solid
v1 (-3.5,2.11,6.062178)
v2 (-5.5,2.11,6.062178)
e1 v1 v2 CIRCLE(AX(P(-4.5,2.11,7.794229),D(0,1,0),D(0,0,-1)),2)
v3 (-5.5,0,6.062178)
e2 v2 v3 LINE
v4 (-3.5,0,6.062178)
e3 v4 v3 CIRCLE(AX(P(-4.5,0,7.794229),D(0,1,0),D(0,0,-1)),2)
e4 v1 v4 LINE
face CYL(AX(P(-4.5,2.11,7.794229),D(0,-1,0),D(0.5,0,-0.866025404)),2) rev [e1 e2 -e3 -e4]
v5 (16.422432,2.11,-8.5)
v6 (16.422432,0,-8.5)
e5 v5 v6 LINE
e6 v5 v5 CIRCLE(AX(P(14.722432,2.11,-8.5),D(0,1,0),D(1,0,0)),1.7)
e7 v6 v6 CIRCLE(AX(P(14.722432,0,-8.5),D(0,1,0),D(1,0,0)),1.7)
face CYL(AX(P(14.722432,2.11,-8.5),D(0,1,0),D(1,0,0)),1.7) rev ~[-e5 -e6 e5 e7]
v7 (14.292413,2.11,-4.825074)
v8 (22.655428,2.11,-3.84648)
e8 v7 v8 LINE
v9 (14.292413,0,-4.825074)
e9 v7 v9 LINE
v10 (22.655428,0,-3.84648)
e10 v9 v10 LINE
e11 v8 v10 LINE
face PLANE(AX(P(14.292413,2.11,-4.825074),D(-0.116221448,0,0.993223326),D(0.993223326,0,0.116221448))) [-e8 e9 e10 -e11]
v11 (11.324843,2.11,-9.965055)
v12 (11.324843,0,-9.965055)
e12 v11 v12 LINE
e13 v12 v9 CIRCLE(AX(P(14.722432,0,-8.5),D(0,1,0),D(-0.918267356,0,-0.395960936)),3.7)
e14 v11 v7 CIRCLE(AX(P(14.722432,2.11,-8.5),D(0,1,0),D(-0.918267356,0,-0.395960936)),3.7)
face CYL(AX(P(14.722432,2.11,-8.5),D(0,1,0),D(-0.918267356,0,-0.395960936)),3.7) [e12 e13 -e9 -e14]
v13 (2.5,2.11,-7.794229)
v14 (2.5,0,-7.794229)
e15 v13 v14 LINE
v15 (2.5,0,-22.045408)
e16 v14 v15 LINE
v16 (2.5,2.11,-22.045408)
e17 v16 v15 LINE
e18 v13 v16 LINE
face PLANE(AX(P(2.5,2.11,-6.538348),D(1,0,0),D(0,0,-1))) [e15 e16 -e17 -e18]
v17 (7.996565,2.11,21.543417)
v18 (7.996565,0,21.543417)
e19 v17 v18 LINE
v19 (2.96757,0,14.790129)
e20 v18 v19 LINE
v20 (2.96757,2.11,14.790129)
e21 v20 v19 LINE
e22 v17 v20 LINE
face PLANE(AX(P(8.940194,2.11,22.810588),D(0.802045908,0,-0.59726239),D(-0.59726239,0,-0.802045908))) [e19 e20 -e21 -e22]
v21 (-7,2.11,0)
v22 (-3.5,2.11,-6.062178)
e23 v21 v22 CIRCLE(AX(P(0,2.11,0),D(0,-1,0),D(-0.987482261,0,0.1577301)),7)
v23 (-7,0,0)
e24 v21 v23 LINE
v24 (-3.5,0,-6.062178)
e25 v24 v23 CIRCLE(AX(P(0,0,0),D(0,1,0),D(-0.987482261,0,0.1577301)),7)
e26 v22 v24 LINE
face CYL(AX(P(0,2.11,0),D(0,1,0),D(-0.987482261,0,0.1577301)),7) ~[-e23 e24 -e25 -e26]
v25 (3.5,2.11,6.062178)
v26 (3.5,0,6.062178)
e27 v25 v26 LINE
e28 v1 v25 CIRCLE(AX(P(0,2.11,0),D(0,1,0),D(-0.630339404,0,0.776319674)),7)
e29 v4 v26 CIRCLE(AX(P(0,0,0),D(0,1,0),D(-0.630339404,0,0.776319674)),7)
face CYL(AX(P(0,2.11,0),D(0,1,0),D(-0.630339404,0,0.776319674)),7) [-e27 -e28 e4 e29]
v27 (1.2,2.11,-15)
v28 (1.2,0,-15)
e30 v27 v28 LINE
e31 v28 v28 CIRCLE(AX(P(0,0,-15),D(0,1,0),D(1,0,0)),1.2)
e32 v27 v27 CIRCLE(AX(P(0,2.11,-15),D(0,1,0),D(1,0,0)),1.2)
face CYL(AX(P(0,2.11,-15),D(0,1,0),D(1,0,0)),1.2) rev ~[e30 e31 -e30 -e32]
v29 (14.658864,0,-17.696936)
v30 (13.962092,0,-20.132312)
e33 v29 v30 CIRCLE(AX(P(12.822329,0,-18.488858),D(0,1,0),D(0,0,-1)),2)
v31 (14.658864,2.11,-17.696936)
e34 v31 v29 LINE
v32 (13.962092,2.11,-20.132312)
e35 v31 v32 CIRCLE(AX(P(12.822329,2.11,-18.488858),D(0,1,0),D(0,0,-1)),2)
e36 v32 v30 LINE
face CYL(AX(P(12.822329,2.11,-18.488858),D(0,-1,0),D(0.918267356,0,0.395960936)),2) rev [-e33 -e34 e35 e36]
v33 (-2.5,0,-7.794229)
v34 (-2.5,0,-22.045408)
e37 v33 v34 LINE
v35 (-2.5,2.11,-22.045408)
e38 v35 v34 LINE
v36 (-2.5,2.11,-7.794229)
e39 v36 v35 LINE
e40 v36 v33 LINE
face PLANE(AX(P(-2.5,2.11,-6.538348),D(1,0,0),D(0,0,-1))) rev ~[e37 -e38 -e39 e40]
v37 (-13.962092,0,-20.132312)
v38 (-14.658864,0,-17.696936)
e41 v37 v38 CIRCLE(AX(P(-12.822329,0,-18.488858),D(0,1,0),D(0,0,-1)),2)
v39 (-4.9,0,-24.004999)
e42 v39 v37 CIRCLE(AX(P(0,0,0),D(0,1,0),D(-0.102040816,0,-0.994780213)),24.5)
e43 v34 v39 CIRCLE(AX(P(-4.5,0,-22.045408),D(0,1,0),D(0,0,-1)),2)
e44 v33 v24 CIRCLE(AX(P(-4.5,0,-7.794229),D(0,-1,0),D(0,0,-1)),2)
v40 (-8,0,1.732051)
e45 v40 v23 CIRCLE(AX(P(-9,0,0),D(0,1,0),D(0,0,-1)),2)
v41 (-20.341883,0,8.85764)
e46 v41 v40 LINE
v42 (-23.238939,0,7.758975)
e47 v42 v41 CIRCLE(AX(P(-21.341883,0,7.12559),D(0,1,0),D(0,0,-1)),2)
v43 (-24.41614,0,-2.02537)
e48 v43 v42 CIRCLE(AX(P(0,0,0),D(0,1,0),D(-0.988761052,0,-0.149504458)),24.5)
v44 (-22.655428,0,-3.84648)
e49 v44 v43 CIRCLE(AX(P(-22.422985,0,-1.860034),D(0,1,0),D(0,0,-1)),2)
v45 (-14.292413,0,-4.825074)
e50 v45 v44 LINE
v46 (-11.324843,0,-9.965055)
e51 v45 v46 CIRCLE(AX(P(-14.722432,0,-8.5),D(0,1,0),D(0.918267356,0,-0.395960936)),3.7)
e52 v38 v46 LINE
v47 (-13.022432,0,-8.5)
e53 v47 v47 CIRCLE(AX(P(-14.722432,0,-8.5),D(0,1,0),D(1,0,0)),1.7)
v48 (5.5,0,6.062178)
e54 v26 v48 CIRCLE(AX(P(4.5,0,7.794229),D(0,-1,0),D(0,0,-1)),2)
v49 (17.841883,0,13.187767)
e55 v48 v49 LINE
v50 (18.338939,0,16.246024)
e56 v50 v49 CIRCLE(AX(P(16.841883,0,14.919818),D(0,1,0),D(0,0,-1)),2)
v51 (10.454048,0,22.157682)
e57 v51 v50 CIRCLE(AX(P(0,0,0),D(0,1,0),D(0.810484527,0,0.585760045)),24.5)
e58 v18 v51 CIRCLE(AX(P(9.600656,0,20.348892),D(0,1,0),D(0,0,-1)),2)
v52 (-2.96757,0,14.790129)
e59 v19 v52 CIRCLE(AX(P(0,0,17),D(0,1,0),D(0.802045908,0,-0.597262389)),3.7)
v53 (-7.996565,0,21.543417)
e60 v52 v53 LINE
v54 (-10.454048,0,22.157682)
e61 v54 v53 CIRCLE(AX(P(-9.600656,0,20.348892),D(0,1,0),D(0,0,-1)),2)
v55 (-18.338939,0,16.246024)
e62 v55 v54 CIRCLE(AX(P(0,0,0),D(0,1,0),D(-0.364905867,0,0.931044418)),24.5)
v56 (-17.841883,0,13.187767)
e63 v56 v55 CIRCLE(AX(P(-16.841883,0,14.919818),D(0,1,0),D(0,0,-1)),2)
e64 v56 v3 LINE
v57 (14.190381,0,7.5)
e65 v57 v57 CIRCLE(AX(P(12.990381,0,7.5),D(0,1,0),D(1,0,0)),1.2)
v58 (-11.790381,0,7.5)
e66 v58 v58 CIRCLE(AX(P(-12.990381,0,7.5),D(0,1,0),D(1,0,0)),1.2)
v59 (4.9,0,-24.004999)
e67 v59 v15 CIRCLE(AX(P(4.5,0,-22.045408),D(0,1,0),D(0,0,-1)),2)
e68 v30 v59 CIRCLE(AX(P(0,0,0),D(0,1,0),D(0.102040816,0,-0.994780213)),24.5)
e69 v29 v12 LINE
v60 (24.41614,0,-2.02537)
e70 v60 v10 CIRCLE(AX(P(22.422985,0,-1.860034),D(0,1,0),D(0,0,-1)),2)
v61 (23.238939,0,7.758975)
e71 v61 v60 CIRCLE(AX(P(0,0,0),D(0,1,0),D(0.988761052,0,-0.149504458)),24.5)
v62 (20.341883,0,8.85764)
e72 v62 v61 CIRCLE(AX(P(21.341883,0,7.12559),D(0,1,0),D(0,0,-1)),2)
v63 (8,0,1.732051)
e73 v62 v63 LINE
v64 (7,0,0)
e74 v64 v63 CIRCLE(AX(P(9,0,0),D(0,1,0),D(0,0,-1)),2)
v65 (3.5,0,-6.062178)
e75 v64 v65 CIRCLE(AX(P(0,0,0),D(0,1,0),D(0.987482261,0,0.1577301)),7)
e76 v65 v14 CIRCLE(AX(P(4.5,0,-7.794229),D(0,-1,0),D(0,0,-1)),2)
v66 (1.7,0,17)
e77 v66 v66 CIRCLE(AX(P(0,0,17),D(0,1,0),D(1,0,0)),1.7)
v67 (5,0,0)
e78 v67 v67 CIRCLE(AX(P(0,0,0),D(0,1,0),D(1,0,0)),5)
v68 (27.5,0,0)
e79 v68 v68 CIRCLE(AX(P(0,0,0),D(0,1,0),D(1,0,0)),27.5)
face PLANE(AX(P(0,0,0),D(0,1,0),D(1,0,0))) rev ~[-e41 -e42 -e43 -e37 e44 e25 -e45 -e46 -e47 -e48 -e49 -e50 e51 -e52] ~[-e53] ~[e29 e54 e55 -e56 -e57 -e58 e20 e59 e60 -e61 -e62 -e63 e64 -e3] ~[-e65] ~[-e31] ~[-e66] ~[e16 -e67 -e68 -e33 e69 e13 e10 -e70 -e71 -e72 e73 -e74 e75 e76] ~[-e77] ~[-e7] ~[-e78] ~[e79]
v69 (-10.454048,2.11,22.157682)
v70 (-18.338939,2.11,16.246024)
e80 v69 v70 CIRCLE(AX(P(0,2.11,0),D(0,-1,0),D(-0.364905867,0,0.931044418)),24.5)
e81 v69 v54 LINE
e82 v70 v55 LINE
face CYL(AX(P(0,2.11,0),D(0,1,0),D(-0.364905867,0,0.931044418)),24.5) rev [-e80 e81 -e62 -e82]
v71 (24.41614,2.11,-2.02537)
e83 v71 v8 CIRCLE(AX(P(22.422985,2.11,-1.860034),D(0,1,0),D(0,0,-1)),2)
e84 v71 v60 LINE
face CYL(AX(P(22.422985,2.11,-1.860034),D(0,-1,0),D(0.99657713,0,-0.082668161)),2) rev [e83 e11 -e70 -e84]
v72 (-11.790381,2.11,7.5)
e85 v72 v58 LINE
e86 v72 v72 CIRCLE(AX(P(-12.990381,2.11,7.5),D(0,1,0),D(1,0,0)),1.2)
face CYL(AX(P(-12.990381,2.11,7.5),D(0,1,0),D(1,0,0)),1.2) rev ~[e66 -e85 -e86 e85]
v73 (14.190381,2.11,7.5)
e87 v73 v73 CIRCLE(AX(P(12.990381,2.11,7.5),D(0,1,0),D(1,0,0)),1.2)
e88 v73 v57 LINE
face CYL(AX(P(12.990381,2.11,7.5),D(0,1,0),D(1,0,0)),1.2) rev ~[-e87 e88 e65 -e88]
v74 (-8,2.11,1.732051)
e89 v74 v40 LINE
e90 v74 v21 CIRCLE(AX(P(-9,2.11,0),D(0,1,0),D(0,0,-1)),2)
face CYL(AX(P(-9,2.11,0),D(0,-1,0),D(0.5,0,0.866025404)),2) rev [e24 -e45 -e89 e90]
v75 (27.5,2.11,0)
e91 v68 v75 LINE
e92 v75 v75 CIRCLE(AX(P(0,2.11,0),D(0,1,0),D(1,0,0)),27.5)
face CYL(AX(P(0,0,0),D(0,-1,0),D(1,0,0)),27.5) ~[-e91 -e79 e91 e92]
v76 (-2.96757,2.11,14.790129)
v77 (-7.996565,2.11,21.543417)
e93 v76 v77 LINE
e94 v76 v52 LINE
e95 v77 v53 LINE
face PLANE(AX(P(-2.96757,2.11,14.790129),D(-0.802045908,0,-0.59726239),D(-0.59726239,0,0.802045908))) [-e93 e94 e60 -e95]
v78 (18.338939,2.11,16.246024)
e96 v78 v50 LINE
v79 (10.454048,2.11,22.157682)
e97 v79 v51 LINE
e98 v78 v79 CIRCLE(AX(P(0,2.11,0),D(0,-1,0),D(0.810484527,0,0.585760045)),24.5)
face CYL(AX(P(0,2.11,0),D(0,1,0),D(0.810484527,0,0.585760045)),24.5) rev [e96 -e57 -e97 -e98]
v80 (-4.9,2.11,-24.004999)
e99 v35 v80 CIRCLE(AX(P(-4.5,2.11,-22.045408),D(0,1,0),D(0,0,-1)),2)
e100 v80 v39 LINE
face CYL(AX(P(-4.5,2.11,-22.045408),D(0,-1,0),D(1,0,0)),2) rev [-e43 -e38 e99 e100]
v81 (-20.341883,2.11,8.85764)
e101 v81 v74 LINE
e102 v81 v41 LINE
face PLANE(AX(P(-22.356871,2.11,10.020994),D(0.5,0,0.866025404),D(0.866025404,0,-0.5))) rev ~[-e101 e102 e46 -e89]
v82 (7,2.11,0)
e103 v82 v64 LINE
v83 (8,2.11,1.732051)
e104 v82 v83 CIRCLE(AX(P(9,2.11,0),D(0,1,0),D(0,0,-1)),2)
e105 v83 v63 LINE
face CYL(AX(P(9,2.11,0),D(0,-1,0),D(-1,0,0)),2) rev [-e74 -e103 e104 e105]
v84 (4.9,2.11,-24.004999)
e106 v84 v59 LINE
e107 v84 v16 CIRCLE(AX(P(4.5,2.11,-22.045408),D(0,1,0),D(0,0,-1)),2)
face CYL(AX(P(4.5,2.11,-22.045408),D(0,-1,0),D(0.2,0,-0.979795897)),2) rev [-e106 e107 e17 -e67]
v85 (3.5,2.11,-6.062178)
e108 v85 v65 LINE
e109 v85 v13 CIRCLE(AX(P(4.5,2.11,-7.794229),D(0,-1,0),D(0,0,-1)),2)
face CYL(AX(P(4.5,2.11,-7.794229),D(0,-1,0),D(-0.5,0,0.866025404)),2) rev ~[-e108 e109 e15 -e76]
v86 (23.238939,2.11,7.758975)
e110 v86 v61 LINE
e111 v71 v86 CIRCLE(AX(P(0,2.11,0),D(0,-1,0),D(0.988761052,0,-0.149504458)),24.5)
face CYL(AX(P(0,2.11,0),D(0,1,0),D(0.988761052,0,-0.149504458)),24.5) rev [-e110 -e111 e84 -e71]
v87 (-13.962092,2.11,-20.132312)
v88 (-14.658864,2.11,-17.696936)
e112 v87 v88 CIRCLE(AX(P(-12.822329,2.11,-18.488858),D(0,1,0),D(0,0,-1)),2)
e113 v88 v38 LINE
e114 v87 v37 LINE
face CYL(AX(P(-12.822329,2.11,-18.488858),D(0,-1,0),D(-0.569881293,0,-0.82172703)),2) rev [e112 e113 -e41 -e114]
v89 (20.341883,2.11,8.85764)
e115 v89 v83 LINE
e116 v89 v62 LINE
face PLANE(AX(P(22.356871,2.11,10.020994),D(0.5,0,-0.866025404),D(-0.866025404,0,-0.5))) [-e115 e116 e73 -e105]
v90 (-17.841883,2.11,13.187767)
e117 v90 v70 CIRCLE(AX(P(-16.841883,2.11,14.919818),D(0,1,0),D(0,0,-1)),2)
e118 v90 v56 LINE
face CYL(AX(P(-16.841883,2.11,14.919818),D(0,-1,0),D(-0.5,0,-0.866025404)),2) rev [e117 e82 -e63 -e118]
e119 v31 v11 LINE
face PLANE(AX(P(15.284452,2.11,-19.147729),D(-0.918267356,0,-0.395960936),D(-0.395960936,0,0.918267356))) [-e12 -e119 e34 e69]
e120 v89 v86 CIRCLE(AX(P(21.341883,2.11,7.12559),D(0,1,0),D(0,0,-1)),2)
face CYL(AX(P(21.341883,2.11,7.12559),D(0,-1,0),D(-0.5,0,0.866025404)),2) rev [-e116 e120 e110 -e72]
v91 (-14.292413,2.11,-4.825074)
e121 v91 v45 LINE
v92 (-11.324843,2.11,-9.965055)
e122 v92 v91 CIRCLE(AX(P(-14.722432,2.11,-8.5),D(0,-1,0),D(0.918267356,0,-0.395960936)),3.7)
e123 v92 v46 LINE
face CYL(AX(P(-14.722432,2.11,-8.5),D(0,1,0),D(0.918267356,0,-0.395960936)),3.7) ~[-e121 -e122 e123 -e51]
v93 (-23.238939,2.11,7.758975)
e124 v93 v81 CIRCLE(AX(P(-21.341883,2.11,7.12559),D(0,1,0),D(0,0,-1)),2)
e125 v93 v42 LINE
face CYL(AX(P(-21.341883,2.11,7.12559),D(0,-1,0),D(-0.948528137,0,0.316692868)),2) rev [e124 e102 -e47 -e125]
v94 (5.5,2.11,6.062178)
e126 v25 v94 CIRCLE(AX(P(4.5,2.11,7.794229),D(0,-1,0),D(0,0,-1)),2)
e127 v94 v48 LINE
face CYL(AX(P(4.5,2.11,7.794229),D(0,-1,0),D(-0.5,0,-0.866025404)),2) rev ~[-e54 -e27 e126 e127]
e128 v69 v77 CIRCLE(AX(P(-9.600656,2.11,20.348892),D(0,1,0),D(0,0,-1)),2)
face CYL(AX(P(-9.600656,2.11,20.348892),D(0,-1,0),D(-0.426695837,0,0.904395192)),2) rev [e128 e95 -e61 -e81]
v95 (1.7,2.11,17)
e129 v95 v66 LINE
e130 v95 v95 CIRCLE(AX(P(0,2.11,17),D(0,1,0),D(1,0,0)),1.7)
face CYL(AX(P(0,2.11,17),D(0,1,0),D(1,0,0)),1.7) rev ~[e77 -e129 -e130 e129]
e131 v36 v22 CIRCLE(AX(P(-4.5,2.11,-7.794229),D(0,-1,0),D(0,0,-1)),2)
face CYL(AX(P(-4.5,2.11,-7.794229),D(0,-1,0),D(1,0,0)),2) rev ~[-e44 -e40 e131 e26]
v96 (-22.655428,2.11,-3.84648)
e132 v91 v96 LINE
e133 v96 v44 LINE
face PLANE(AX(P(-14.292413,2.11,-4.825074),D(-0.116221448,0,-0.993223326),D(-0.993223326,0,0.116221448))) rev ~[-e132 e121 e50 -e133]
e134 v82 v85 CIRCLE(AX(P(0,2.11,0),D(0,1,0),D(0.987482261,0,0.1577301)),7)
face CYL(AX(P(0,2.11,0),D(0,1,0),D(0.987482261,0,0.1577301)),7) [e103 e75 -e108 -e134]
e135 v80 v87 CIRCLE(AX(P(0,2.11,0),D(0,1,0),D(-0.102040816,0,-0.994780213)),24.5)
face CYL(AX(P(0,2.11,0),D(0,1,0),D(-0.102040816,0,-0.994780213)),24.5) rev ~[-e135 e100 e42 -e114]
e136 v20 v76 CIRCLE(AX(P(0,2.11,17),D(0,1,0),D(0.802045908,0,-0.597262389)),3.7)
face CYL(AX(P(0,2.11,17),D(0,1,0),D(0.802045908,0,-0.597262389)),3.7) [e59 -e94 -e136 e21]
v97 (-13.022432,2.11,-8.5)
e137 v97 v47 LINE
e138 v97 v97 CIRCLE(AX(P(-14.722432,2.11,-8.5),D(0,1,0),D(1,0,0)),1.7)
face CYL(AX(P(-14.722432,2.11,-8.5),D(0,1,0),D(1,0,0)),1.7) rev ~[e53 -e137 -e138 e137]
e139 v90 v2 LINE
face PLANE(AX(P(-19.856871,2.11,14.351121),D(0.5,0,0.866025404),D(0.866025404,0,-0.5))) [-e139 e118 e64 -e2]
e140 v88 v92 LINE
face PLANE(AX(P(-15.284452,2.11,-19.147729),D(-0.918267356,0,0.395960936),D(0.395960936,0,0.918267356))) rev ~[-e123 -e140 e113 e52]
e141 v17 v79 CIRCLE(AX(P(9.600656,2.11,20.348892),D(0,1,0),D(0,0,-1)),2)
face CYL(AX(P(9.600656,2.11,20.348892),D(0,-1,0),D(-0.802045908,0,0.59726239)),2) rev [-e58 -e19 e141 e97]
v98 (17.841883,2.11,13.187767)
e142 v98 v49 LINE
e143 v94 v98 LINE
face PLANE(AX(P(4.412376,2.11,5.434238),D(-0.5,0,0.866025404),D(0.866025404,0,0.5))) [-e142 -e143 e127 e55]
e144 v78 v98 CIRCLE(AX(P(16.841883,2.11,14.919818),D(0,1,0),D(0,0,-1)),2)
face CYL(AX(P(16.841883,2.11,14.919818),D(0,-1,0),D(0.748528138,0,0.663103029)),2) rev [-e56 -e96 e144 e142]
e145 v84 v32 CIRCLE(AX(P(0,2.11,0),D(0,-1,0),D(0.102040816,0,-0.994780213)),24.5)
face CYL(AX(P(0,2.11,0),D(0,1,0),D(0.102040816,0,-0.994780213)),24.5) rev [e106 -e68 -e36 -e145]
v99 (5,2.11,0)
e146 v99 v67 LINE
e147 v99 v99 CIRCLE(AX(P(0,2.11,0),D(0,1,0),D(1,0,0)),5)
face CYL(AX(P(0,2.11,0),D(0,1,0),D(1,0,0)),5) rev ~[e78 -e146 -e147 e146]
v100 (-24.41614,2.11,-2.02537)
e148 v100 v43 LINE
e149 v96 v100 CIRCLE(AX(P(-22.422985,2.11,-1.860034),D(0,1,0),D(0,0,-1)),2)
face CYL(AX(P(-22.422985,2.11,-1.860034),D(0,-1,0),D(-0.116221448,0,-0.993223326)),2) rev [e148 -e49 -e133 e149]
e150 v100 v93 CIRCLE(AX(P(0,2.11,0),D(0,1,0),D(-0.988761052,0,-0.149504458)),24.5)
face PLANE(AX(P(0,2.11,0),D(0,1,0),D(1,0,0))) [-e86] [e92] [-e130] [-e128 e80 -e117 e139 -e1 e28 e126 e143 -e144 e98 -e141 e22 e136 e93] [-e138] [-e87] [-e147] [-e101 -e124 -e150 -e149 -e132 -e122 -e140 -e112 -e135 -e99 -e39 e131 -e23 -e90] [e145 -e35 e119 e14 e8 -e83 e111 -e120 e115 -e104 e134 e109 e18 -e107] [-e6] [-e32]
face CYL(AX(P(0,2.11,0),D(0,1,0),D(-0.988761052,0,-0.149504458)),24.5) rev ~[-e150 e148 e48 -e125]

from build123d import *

# Parameters (mm, degrees)
CROQUIS1_R              = 27.5
SALIENTE_EXTRUIR1_DEPTH = 2.11
CROQUIS2_R              = 1.2
CROQUIS2_R_2            = 5
CROQUIS2_R_3            = 1.7
CORTAR_EXTRUIR1_DEPTH   = 3.11
REDONDEO1_R             = 2


with BuildPart() as part:
    # Croquis1 → Saliente-Extruir1 (new body)
    with BuildSketch(Plane(origin=(0, 0, 0), x_dir=(1, 0, 0), z_dir=(0, 1, 0))):
        Circle(CROQUIS1_R)
    extrude(amount=SALIENTE_EXTRUIR1_DEPTH)

    # Croquis2 → Cortar-Extruir1 (cut, through all)
    with BuildSketch(Plane(origin=(0, 2.11, 0), x_dir=(1, 0, 0), z_dir=(0, 1, 0))):
        with Locations((0, 15)):
            Circle(CROQUIS2_R)
        with Locations((12.990381057, -7.5)):
            Circle(CROQUIS2_R)
        with Locations((-12.990381057, -7.5)):
            Circle(CROQUIS2_R)
        Circle(CROQUIS2_R_2)
        with Locations((-14.722431864, 8.5)):
            Circle(CROQUIS2_R_3)
        with Locations((14.722431864, 8.5)):
            Circle(CROQUIS2_R_3)
        with Locations((0, -17)):
            Circle(CROQUIS2_R_3)
        with BuildLine():
            Line((-2.5, 6.538348415), (-2.5, 24.372115214))
            ThreePointArc((-2.5, 24.372115214), (-9.267968283, 22.679390731), (-15.28445201, 19.147729023))
            Line((-15.28445201, 19.147729023), (-11.324842647, 9.965055464))
            ThreePointArc((-11.324842647, 9.965055464), (-11.51813787, 6.65), (-14.292412506, 4.825073694))
            Line((-14.292412506, 4.825073694), (-24.224645764, 3.662859212))
            ThreePointArc((-24.224645764, 3.662859212), (-24.274912656, -3.313399391), (-22.356870919, -10.020994097))
            Line((-22.356870919, -10.020994097), (-6.912375826, -1.104110698))
            ThreePointArc((-6.912375826, -1.104110698), (-6.062177826, 3.5), (-2.5, 6.538348415))
        make_face()
        with BuildLine():
            Line((2.5, 6.538348415), (2.5, 24.372115214))
            ThreePointArc((2.5, 24.372115214), (9.267968283, 22.679390731), (15.28445201, 19.147729023))
            Line((15.28445201, 19.147729023), (11.324842647, 9.965055464))
            ThreePointArc((11.324842647, 9.965055464), (11.51813787, 6.65), (14.292412506, 4.825073694))
            Line((14.292412506, 4.825073694), (24.224645764, 3.662859212))
            ThreePointArc((24.224645764, 3.662859212), (24.274912656, -3.313399391), (22.356870919, -10.020994097))
            Line((22.356870919, -10.020994097), (6.912375826, -1.104110698))
            ThreePointArc((6.912375826, -1.104110698), (6.062177826, 3.5), (2.5, 6.538348415))
        make_face()
        with BuildLine():
            Line((4.412375826, -5.434237717), (19.856870919, -14.351121116))
            ThreePointArc((19.856870919, -14.351121116), (15.006944374, -19.36599134), (8.940193754, -22.810588235))
            Line((8.940193754, -22.810588235), (2.967569858, -14.790129159))
            ThreePointArc((2.967569858, -14.790129159), (0, -13.3), (-2.967569858, -14.790129159))
            Line((-2.967569858, -14.790129159), (-8.940193754, -22.810588235))
            ThreePointArc((-8.940193754, -22.810588235), (-15.006944374, -19.36599134), (-19.856870919, -14.351121116))
            Line((-19.856870919, -14.351121116), (-4.412375826, -5.434237717))
            ThreePointArc((-4.412375826, -5.434237717), (0, -7), (4.412375826, -5.434237717))
        make_face()
    extrude(amount=-CORTAR_EXTRUIR1_DEPTH, mode=Mode.SUBTRACT)

    # Redondeo1
    redondeo1_edges = [part.edges().sort_by_distance(p)[0] for p in [
        (6.912375826, 1.055, 1.104110698),
        (2.5, 1.055, -6.538348415),
        (2.5, 1.055, -24.372115214),
        (15.28445201, 1.055, -19.147729023),
        (24.224645764, 1.055, -3.662859212),
        (22.356870919, 1.055, 10.020994097),
        (-4.412375826, 1.055, 5.434237717),
        (4.412375826, 1.055, 5.434237717),
        (19.856870919, 1.055, 14.351121116),
        (8.940193754, 1.055, 22.810588235),
        (-8.940193754, 1.055, 22.810588235),
        (-19.856870919, 1.055, 14.351121116),
        (-2.5, 1.055, -6.538348415),
        (-6.912375826, 1.055, 1.104110698),
        (-22.356870919, 1.055, 10.020994097),
        (-24.224645764, 1.055, -3.662859212),
        (-15.28445201, 1.055, -19.147729023),
        (-2.5, 1.055, -24.372115214),
    ]]
    fillet(redondeo1_edges, radius=REDONDEO1_R)


solid = part.part
